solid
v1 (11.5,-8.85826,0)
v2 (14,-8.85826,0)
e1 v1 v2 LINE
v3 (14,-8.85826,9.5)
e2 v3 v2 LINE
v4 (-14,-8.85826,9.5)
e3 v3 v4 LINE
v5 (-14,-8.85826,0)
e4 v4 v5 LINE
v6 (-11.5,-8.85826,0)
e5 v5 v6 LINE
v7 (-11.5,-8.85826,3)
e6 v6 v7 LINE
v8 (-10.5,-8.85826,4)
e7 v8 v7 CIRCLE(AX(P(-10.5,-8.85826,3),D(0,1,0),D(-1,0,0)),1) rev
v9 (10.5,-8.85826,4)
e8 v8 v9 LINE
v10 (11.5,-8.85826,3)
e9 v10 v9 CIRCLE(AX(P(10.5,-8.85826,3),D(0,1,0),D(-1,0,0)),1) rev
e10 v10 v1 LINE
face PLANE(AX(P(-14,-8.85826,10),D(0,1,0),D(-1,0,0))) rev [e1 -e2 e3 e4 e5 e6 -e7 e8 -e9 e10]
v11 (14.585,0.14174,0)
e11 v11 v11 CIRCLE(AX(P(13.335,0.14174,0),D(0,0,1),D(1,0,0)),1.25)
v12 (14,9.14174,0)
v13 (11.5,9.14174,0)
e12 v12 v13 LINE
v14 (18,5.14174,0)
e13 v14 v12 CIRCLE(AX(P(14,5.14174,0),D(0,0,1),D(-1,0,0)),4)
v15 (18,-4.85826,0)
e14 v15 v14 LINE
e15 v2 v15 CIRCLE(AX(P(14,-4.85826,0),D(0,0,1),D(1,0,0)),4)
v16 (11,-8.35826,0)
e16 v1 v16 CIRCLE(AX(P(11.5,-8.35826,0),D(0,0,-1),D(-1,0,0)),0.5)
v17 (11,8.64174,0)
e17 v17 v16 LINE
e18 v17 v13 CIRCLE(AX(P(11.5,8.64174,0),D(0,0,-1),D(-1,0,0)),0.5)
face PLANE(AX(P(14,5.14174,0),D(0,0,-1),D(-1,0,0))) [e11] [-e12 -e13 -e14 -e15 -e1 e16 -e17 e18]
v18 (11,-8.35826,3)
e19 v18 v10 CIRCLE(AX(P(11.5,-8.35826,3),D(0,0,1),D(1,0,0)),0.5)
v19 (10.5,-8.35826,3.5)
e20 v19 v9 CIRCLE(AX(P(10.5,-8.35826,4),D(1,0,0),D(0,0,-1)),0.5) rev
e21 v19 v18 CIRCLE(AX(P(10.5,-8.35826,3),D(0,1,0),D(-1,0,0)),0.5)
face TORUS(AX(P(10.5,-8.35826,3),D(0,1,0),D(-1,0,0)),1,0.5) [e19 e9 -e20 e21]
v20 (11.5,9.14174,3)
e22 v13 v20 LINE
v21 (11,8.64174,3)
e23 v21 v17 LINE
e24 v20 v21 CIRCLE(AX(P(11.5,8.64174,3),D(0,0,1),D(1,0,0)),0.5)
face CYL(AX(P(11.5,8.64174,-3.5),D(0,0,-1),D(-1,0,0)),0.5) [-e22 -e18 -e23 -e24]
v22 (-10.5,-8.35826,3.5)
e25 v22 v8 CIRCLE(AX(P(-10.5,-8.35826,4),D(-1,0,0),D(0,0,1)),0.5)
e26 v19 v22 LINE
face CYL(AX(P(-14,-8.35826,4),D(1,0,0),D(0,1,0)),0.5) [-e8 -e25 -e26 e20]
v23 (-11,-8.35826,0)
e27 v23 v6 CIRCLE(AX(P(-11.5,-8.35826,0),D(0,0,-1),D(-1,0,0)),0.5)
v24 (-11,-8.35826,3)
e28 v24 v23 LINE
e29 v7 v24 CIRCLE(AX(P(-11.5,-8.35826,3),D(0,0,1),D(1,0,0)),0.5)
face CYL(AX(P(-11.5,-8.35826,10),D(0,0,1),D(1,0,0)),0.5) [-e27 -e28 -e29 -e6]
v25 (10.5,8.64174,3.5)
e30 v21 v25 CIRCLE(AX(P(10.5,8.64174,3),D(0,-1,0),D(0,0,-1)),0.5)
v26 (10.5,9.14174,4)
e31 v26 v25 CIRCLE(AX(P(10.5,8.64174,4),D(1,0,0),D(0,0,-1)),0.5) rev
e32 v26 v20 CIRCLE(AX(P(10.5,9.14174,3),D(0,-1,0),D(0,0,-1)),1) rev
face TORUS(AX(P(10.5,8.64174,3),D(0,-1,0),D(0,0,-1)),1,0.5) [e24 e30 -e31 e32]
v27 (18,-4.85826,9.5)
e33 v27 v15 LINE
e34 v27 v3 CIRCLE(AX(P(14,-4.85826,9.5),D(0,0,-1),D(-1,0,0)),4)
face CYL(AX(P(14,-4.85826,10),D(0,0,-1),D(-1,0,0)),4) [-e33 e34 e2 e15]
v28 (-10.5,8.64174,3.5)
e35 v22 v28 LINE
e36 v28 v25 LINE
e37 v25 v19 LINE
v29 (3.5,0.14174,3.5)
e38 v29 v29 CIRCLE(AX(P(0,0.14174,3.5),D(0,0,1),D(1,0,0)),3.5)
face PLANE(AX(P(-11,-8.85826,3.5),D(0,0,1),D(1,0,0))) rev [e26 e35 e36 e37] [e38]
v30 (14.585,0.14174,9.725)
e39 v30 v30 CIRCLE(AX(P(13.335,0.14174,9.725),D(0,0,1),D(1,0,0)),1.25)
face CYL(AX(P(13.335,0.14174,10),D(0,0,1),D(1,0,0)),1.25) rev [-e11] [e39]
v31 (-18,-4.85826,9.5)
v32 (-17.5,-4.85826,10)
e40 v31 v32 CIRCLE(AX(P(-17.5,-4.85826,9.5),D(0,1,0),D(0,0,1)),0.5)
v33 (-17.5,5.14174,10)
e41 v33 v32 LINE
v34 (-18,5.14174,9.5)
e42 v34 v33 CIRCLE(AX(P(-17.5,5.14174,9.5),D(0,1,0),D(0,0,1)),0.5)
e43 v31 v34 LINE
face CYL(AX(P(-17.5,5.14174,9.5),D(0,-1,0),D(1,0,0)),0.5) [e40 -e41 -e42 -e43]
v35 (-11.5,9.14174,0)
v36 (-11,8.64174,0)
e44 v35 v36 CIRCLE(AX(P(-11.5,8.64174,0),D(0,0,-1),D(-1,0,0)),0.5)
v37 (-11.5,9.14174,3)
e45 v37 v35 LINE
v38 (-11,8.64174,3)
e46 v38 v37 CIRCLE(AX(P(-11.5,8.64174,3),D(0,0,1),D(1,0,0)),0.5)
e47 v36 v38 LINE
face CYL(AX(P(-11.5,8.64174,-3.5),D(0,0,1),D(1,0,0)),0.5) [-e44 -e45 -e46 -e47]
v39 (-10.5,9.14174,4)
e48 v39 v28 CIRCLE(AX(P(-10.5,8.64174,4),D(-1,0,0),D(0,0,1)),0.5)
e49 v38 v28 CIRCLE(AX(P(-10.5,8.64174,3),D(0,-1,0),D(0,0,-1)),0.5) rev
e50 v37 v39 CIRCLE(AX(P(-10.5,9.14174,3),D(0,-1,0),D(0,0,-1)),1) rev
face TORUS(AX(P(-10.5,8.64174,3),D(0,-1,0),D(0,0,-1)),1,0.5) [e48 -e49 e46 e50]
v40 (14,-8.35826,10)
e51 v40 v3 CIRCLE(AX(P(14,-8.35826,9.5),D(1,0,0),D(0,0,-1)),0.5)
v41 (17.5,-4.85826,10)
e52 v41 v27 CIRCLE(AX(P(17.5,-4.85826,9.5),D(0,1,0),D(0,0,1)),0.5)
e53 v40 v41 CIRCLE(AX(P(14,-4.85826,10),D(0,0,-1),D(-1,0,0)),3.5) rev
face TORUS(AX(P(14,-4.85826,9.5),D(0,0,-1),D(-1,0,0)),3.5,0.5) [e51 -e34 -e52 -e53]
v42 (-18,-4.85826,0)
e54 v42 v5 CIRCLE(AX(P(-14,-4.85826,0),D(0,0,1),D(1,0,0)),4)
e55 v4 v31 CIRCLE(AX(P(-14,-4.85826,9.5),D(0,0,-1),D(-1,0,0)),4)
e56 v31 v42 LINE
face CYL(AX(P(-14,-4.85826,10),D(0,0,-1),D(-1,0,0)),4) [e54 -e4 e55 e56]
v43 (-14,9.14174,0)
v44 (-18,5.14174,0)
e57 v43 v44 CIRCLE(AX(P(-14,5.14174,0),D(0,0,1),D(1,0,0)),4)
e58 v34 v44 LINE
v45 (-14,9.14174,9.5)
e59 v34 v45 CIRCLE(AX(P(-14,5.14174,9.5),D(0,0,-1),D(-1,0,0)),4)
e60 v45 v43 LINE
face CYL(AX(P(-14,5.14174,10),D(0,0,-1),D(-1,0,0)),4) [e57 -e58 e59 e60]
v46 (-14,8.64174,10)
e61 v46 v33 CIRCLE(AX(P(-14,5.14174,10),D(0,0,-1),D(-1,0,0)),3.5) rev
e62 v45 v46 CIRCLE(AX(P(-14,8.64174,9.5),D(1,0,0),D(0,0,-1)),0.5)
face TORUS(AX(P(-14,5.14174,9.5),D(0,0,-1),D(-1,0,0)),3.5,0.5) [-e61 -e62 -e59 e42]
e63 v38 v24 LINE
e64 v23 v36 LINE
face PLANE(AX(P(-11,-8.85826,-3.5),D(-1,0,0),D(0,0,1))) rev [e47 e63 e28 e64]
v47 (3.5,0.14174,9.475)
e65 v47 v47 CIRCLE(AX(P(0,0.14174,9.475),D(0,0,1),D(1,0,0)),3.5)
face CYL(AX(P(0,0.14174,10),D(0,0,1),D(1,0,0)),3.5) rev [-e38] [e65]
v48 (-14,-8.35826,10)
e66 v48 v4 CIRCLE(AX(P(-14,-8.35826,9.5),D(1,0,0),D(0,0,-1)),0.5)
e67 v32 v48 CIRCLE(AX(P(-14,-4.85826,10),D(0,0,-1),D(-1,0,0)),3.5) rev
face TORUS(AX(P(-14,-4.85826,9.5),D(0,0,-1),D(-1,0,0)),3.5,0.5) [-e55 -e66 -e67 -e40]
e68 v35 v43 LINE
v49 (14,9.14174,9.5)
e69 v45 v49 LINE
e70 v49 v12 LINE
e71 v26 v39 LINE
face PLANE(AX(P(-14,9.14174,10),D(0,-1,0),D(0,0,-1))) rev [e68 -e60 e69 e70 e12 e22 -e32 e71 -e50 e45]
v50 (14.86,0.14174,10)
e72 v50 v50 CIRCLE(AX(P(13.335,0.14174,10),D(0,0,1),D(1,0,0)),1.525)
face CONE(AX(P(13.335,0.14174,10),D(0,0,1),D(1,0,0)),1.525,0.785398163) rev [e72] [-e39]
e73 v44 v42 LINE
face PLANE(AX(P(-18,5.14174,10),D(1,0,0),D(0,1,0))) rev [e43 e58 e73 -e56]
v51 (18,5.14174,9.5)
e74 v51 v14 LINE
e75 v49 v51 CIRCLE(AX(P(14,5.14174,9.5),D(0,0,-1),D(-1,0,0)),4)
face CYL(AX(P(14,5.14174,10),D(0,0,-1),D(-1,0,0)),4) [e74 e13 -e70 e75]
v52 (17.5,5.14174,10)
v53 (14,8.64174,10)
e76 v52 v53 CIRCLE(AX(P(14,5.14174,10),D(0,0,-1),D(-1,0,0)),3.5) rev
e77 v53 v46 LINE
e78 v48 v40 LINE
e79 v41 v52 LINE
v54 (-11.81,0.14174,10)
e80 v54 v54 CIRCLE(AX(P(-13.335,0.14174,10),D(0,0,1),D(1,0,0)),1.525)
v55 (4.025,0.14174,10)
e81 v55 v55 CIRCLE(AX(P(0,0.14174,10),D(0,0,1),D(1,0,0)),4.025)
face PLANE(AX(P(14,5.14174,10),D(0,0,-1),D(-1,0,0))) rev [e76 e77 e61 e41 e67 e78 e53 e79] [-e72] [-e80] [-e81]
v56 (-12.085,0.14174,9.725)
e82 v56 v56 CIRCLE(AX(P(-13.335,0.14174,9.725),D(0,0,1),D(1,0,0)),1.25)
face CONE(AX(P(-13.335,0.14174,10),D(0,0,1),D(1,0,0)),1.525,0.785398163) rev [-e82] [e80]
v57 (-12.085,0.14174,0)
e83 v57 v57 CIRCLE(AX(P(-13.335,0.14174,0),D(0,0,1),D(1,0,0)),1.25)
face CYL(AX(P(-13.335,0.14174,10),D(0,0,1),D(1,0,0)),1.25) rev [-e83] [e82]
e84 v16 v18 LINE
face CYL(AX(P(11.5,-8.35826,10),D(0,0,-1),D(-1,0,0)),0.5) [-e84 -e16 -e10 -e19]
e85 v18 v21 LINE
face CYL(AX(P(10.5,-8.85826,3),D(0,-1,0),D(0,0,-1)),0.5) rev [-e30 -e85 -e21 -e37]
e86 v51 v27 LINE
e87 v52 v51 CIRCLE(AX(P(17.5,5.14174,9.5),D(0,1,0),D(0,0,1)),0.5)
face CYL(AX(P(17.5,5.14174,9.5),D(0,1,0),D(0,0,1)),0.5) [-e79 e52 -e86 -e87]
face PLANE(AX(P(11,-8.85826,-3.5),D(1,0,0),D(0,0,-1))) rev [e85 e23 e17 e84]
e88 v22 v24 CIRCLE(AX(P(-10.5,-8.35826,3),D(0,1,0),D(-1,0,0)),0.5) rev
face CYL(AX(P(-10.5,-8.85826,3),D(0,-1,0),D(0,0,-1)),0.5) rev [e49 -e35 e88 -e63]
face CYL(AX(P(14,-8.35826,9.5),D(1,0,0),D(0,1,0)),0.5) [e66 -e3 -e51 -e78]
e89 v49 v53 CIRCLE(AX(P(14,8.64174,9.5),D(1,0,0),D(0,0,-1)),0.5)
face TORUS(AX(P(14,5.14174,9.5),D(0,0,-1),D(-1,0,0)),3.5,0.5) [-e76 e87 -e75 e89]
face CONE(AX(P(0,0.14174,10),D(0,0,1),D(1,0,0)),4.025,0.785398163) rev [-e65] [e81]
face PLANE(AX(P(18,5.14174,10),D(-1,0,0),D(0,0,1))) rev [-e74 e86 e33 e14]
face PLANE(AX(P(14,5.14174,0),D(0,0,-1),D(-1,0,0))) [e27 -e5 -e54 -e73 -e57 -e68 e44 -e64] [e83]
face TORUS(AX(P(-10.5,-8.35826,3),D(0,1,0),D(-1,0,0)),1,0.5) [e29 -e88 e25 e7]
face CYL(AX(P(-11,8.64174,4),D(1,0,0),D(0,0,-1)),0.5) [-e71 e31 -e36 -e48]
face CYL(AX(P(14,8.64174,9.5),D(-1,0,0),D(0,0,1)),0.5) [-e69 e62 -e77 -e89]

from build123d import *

# Parameters (mm, degrees)
BOSS_EXTRUDE1_DEPTH             = 10
SKETCH5_W                       = 22
SKETCH5_H                       = 7
CUT_EXTRUDE2_DEPTH              = 28.349588662
FILLET3_R                       = 0.5
M3X0_5_TAPPED_HOLE1_D           = 2.5
M3X0_5_TAPPED_HOLE1_CSINK_D     = 3.05
M3X0_5_TAPPED_HOLE1_CSINK_ANGLE = 90
M8X1_0_TAPPED_HOLE1_D           = 7
M8X1_0_TAPPED_HOLE1_CSINK_D     = 8.05
M8X1_0_TAPPED_HOLE1_CSINK_ANGLE = 90


with BuildPart() as part:
    # Sketch1 → Boss-Extrude1 (new body)
    with BuildSketch(Plane.XY):
        with BuildLine():
            Line((-14, 9.141740125), (14, 9.141740125))
            ThreePointArc((14, 9.141740125), (16.828427125, 7.97016725), (18, 5.141740125))
            Line((18, 5.141740125), (18, -4.858259875))
            ThreePointArc((18, -4.858259875), (16.828427125, -7.686686999), (14, -8.858259875))
            Line((14, -8.858259875), (-14, -8.858259875))
            ThreePointArc((-14, -8.858259875), (-16.828427125, -7.686686999), (-18, -4.858259875))
            Line((-18, -4.858259875), (-18, 5.141740125))
            ThreePointArc((-18, 5.141740125), (-16.828427125, 7.97016725), (-14, 9.141740125))
        make_face()
    extrude(amount=BOSS_EXTRUDE1_DEPTH)

    # Sketch5 → Cut-Extrude2 (cut, through all)
    with BuildSketch(Plane(origin=(0, 9.141740125, 0), x_dir=(1, 0, 0), z_dir=(0, 1, 0))):
        Rectangle(SKETCH5_W, SKETCH5_H)
    extrude(amount=-CUT_EXTRUDE2_DEPTH, mode=Mode.SUBTRACT)

    # Fillet3
    fillet3_edges = [part.edges().sort_by_distance(p)[0] for p in [
        (-16.828427125, 7.97016725, 10),
        (-18, 0.141740125, 10),
        (-16.828427125, -7.686686999, 10),
        (0, -8.858259875, 10),
        (16.828427125, -7.686686999, 10),
        (11, -8.858259875, 1.75),
        (18, 0.141740125, 10),
        (0, -8.858259875, 3.5),
        (11, 0.141740125, 3.5),
        (-11, -8.858259875, 1.75),
        (-11, 0.141740125, 3.5),
        (-11, 9.141740125, 1.75),
        (0, 9.141740125, 3.5),
        (11, 9.141740125, 1.75),
        (16.828427125, 7.97016725, 10),
        (0, 9.141740125, 10),
    ]]
    fillet(fillet3_edges, radius=FILLET3_R)

    # M3x0.5 Tapped Hole1 (through all)
    with Locations(Plane(origin=(-13.335, 0.141740125, 10), x_dir=(1, 0, 0), z_dir=(0, 0, 1))):
        with Locations((0, 0), (26.67, 0)):
            CounterSinkHole(M3X0_5_TAPPED_HOLE1_D / 2, M3X0_5_TAPPED_HOLE1_CSINK_D / 2, counter_sink_angle=M3X0_5_TAPPED_HOLE1_CSINK_ANGLE)

    # M8x1.0 Tapped Hole1 (through all)
    with Locations(Plane(origin=(0, 0.141740125, 10), x_dir=(1, 0, 0), z_dir=(0, 0, 1))):
        with Locations((0, 0)):
            CounterSinkHole(M8X1_0_TAPPED_HOLE1_D / 2, M8X1_0_TAPPED_HOLE1_CSINK_D / 2, counter_sink_angle=M8X1_0_TAPPED_HOLE1_CSINK_ANGLE)


solid = part.part
